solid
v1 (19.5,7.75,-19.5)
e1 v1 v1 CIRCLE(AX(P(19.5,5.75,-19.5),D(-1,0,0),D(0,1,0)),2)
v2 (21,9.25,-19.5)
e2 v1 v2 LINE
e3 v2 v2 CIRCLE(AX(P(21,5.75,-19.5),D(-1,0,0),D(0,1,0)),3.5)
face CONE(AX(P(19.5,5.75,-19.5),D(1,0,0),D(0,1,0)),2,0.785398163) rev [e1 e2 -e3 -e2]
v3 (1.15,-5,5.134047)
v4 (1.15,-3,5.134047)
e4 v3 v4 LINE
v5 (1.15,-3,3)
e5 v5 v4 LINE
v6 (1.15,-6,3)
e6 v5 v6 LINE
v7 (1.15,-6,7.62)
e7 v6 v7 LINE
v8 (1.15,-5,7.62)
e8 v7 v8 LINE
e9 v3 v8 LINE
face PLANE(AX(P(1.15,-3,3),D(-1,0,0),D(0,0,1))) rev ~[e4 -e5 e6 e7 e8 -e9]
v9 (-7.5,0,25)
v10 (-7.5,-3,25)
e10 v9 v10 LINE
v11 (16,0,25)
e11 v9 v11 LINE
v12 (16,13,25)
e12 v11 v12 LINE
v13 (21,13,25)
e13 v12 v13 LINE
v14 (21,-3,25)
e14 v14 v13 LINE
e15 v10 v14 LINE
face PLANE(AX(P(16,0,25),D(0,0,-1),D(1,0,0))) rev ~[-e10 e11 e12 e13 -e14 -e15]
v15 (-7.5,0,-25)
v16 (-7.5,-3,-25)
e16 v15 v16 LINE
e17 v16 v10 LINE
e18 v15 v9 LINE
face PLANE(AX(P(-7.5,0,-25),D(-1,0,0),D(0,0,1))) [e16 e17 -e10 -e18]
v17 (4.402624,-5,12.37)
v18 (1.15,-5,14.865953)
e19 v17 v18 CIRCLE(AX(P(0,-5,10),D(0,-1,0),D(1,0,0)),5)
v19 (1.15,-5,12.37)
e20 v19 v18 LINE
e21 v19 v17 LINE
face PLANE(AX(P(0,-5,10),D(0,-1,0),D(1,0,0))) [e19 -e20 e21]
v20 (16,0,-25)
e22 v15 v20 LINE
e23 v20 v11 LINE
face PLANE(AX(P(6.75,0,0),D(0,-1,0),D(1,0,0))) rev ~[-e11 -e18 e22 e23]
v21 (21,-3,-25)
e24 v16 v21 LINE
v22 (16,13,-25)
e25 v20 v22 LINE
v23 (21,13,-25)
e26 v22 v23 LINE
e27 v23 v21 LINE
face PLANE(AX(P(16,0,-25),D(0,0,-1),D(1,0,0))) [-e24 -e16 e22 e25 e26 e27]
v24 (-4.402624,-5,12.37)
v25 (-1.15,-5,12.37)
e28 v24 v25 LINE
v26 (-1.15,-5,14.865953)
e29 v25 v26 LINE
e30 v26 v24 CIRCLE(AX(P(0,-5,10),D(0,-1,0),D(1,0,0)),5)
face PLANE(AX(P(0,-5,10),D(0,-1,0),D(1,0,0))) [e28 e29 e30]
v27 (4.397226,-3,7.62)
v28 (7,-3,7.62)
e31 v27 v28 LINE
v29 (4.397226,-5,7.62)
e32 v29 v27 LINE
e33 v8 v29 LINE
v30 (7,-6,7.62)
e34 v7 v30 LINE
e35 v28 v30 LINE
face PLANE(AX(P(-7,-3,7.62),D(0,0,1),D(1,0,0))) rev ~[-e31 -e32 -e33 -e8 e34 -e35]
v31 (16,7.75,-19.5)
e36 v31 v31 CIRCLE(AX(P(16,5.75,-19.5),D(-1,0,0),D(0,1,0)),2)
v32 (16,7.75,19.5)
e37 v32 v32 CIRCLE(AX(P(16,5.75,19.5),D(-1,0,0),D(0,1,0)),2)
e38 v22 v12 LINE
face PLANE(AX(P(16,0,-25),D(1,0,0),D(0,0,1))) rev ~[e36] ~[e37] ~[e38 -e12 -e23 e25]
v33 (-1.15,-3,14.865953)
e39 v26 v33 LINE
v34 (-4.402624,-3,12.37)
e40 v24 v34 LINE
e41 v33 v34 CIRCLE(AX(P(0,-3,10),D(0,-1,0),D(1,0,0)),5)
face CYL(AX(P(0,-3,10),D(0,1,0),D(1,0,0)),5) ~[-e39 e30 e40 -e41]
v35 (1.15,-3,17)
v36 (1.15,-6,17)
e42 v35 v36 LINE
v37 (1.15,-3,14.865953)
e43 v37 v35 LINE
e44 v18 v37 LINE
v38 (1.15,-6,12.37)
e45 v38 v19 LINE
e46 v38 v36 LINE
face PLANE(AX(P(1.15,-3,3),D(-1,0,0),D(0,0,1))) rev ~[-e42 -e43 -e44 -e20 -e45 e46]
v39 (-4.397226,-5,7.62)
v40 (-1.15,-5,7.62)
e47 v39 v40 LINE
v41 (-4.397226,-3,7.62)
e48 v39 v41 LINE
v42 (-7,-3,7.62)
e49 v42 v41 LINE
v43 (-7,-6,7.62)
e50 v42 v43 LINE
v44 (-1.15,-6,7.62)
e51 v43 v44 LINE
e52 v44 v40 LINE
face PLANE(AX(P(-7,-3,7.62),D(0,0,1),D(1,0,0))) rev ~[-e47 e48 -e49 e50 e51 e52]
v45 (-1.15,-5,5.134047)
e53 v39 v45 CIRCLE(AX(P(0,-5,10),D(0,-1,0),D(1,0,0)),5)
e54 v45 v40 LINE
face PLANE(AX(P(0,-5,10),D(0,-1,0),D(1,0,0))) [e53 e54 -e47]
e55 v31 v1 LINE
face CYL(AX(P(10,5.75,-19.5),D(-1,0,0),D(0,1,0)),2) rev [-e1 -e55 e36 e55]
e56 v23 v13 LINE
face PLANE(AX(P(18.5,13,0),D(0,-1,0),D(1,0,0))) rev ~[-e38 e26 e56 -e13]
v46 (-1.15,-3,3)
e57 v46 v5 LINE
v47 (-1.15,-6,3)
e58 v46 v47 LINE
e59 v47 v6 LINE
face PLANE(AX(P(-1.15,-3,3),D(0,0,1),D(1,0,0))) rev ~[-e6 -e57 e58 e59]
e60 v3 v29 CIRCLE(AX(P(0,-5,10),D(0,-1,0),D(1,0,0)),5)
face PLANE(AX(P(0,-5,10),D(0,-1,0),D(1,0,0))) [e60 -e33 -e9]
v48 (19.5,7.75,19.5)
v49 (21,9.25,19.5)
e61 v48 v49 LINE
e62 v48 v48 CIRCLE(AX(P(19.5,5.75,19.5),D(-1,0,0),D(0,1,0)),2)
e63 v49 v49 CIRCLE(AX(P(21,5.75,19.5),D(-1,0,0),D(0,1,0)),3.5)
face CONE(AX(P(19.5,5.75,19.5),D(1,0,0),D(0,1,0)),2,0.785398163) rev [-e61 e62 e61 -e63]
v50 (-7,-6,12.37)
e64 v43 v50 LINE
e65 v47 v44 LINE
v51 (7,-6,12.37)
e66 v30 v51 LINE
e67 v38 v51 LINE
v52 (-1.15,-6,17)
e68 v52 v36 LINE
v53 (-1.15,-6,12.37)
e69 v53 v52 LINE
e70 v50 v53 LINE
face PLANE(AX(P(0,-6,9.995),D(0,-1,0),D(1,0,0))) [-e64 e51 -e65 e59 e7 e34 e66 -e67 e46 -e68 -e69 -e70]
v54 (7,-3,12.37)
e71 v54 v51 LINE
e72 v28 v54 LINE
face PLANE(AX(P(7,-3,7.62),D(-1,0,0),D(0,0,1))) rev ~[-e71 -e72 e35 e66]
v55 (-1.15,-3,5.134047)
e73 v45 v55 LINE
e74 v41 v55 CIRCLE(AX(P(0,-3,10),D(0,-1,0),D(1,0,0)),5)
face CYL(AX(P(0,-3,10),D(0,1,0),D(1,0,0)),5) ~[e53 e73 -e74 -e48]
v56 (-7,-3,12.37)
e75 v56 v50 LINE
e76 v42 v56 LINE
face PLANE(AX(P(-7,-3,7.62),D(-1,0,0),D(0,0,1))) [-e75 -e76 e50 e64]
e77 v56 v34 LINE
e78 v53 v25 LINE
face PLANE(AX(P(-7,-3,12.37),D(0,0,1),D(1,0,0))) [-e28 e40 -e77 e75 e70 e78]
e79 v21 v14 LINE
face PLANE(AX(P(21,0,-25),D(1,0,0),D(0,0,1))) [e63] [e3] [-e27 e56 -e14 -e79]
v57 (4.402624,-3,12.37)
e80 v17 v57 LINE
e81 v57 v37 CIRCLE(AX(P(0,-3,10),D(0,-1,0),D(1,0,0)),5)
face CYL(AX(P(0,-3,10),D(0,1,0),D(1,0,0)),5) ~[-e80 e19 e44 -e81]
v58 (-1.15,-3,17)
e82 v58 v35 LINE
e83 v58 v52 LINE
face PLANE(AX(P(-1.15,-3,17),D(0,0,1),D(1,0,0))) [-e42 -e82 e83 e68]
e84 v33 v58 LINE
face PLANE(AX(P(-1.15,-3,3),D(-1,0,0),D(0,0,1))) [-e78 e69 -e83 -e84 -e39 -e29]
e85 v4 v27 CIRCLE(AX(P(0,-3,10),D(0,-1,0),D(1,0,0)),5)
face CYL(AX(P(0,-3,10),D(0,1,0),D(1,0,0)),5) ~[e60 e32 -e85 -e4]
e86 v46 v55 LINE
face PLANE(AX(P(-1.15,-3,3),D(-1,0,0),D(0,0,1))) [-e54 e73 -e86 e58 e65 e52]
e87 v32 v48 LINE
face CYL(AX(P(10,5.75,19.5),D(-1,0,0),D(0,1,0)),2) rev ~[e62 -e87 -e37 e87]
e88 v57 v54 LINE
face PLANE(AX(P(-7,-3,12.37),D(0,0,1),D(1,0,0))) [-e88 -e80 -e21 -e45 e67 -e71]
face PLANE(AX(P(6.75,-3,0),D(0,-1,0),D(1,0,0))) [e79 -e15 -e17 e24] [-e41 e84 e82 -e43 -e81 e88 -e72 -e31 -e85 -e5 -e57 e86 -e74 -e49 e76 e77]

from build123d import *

# Parameters (mm, degrees)
SKETCH020_W       = 2.3
SKETCH020_H       = 14
PAD010_DEPTH      = 3
SKETCH021_W       = 14
SKETCH021_H       = 4.75
PAD011_DEPTH      = 3
SKETCH022_R       = 5
PAD012_DEPTH      = 2
SKETCH023_W       = 28.5
SKETCH023_H       = 50
PAD013_DEPTH      = 3
SKETCH024_W       = 5
SKETCH024_H       = 50
PAD014_DEPTH      = 13
CYLINDER003_R     = 2
CYLINDER003_DEPTH = 15
CHAMFER001_SIZE   = 1.5


with BuildPart() as part:
    # Sketch020 → Pad010 (new body)
    with BuildSketch(Plane.XZ.offset(3)):
        with Locations((0, 10)):
            Rectangle(SKETCH020_W, SKETCH020_H)
    extrude(amount=PAD010_DEPTH)

    # Sketch021 → Pad011 (join)
    with BuildSketch(Plane.XZ.offset(3)):
        with Locations((0, 9.995)):
            Rectangle(SKETCH021_W, SKETCH021_H)
    extrude(amount=PAD011_DEPTH)

    # Sketch022 → Pad012 (join)
    with BuildSketch(Plane.XZ.offset(3)):
        with Locations((0, 10)):
            Circle(SKETCH022_R)
    extrude(amount=PAD012_DEPTH)

    # Sketch023 → Pad013 (join)
    with BuildSketch(Plane.XZ):
        with Locations((6.75, 0)):
            Rectangle(SKETCH023_W, SKETCH023_H)
    extrude(amount=PAD013_DEPTH)

    # Sketch024 → Pad014 (join)
    with BuildSketch(Plane.XZ):
        with Locations((18.5, 0)):
            Rectangle(SKETCH024_W, SKETCH024_H)
    extrude(amount=-PAD014_DEPTH)

    # Cylinder003 → Cylinder003 (cut)
    with BuildSketch(Plane(origin=(10, 5.75, -19.5), x_dir=(0, 1, 0), z_dir=(1, 0, 0))):
        Circle(CYLINDER003_R)
    cylinder003 = extrude(amount=CYLINDER003_DEPTH, mode=Mode.SUBTRACT)

    # Mirrored011: Cylinder003 across XY
    add(cylinder003.mirror(Plane.XY), mode=Mode.SUBTRACT)

    # Chamfer001
    chamfer001_edges = [part.edges().sort_by_distance(p)[0] for p in [
        (21, 3.75, -19.5),
        (21, 3.75, 19.5),
    ]]
    chamfer(chamfer001_edges, length=CHAMFER001_SIZE)


solid = part.part
